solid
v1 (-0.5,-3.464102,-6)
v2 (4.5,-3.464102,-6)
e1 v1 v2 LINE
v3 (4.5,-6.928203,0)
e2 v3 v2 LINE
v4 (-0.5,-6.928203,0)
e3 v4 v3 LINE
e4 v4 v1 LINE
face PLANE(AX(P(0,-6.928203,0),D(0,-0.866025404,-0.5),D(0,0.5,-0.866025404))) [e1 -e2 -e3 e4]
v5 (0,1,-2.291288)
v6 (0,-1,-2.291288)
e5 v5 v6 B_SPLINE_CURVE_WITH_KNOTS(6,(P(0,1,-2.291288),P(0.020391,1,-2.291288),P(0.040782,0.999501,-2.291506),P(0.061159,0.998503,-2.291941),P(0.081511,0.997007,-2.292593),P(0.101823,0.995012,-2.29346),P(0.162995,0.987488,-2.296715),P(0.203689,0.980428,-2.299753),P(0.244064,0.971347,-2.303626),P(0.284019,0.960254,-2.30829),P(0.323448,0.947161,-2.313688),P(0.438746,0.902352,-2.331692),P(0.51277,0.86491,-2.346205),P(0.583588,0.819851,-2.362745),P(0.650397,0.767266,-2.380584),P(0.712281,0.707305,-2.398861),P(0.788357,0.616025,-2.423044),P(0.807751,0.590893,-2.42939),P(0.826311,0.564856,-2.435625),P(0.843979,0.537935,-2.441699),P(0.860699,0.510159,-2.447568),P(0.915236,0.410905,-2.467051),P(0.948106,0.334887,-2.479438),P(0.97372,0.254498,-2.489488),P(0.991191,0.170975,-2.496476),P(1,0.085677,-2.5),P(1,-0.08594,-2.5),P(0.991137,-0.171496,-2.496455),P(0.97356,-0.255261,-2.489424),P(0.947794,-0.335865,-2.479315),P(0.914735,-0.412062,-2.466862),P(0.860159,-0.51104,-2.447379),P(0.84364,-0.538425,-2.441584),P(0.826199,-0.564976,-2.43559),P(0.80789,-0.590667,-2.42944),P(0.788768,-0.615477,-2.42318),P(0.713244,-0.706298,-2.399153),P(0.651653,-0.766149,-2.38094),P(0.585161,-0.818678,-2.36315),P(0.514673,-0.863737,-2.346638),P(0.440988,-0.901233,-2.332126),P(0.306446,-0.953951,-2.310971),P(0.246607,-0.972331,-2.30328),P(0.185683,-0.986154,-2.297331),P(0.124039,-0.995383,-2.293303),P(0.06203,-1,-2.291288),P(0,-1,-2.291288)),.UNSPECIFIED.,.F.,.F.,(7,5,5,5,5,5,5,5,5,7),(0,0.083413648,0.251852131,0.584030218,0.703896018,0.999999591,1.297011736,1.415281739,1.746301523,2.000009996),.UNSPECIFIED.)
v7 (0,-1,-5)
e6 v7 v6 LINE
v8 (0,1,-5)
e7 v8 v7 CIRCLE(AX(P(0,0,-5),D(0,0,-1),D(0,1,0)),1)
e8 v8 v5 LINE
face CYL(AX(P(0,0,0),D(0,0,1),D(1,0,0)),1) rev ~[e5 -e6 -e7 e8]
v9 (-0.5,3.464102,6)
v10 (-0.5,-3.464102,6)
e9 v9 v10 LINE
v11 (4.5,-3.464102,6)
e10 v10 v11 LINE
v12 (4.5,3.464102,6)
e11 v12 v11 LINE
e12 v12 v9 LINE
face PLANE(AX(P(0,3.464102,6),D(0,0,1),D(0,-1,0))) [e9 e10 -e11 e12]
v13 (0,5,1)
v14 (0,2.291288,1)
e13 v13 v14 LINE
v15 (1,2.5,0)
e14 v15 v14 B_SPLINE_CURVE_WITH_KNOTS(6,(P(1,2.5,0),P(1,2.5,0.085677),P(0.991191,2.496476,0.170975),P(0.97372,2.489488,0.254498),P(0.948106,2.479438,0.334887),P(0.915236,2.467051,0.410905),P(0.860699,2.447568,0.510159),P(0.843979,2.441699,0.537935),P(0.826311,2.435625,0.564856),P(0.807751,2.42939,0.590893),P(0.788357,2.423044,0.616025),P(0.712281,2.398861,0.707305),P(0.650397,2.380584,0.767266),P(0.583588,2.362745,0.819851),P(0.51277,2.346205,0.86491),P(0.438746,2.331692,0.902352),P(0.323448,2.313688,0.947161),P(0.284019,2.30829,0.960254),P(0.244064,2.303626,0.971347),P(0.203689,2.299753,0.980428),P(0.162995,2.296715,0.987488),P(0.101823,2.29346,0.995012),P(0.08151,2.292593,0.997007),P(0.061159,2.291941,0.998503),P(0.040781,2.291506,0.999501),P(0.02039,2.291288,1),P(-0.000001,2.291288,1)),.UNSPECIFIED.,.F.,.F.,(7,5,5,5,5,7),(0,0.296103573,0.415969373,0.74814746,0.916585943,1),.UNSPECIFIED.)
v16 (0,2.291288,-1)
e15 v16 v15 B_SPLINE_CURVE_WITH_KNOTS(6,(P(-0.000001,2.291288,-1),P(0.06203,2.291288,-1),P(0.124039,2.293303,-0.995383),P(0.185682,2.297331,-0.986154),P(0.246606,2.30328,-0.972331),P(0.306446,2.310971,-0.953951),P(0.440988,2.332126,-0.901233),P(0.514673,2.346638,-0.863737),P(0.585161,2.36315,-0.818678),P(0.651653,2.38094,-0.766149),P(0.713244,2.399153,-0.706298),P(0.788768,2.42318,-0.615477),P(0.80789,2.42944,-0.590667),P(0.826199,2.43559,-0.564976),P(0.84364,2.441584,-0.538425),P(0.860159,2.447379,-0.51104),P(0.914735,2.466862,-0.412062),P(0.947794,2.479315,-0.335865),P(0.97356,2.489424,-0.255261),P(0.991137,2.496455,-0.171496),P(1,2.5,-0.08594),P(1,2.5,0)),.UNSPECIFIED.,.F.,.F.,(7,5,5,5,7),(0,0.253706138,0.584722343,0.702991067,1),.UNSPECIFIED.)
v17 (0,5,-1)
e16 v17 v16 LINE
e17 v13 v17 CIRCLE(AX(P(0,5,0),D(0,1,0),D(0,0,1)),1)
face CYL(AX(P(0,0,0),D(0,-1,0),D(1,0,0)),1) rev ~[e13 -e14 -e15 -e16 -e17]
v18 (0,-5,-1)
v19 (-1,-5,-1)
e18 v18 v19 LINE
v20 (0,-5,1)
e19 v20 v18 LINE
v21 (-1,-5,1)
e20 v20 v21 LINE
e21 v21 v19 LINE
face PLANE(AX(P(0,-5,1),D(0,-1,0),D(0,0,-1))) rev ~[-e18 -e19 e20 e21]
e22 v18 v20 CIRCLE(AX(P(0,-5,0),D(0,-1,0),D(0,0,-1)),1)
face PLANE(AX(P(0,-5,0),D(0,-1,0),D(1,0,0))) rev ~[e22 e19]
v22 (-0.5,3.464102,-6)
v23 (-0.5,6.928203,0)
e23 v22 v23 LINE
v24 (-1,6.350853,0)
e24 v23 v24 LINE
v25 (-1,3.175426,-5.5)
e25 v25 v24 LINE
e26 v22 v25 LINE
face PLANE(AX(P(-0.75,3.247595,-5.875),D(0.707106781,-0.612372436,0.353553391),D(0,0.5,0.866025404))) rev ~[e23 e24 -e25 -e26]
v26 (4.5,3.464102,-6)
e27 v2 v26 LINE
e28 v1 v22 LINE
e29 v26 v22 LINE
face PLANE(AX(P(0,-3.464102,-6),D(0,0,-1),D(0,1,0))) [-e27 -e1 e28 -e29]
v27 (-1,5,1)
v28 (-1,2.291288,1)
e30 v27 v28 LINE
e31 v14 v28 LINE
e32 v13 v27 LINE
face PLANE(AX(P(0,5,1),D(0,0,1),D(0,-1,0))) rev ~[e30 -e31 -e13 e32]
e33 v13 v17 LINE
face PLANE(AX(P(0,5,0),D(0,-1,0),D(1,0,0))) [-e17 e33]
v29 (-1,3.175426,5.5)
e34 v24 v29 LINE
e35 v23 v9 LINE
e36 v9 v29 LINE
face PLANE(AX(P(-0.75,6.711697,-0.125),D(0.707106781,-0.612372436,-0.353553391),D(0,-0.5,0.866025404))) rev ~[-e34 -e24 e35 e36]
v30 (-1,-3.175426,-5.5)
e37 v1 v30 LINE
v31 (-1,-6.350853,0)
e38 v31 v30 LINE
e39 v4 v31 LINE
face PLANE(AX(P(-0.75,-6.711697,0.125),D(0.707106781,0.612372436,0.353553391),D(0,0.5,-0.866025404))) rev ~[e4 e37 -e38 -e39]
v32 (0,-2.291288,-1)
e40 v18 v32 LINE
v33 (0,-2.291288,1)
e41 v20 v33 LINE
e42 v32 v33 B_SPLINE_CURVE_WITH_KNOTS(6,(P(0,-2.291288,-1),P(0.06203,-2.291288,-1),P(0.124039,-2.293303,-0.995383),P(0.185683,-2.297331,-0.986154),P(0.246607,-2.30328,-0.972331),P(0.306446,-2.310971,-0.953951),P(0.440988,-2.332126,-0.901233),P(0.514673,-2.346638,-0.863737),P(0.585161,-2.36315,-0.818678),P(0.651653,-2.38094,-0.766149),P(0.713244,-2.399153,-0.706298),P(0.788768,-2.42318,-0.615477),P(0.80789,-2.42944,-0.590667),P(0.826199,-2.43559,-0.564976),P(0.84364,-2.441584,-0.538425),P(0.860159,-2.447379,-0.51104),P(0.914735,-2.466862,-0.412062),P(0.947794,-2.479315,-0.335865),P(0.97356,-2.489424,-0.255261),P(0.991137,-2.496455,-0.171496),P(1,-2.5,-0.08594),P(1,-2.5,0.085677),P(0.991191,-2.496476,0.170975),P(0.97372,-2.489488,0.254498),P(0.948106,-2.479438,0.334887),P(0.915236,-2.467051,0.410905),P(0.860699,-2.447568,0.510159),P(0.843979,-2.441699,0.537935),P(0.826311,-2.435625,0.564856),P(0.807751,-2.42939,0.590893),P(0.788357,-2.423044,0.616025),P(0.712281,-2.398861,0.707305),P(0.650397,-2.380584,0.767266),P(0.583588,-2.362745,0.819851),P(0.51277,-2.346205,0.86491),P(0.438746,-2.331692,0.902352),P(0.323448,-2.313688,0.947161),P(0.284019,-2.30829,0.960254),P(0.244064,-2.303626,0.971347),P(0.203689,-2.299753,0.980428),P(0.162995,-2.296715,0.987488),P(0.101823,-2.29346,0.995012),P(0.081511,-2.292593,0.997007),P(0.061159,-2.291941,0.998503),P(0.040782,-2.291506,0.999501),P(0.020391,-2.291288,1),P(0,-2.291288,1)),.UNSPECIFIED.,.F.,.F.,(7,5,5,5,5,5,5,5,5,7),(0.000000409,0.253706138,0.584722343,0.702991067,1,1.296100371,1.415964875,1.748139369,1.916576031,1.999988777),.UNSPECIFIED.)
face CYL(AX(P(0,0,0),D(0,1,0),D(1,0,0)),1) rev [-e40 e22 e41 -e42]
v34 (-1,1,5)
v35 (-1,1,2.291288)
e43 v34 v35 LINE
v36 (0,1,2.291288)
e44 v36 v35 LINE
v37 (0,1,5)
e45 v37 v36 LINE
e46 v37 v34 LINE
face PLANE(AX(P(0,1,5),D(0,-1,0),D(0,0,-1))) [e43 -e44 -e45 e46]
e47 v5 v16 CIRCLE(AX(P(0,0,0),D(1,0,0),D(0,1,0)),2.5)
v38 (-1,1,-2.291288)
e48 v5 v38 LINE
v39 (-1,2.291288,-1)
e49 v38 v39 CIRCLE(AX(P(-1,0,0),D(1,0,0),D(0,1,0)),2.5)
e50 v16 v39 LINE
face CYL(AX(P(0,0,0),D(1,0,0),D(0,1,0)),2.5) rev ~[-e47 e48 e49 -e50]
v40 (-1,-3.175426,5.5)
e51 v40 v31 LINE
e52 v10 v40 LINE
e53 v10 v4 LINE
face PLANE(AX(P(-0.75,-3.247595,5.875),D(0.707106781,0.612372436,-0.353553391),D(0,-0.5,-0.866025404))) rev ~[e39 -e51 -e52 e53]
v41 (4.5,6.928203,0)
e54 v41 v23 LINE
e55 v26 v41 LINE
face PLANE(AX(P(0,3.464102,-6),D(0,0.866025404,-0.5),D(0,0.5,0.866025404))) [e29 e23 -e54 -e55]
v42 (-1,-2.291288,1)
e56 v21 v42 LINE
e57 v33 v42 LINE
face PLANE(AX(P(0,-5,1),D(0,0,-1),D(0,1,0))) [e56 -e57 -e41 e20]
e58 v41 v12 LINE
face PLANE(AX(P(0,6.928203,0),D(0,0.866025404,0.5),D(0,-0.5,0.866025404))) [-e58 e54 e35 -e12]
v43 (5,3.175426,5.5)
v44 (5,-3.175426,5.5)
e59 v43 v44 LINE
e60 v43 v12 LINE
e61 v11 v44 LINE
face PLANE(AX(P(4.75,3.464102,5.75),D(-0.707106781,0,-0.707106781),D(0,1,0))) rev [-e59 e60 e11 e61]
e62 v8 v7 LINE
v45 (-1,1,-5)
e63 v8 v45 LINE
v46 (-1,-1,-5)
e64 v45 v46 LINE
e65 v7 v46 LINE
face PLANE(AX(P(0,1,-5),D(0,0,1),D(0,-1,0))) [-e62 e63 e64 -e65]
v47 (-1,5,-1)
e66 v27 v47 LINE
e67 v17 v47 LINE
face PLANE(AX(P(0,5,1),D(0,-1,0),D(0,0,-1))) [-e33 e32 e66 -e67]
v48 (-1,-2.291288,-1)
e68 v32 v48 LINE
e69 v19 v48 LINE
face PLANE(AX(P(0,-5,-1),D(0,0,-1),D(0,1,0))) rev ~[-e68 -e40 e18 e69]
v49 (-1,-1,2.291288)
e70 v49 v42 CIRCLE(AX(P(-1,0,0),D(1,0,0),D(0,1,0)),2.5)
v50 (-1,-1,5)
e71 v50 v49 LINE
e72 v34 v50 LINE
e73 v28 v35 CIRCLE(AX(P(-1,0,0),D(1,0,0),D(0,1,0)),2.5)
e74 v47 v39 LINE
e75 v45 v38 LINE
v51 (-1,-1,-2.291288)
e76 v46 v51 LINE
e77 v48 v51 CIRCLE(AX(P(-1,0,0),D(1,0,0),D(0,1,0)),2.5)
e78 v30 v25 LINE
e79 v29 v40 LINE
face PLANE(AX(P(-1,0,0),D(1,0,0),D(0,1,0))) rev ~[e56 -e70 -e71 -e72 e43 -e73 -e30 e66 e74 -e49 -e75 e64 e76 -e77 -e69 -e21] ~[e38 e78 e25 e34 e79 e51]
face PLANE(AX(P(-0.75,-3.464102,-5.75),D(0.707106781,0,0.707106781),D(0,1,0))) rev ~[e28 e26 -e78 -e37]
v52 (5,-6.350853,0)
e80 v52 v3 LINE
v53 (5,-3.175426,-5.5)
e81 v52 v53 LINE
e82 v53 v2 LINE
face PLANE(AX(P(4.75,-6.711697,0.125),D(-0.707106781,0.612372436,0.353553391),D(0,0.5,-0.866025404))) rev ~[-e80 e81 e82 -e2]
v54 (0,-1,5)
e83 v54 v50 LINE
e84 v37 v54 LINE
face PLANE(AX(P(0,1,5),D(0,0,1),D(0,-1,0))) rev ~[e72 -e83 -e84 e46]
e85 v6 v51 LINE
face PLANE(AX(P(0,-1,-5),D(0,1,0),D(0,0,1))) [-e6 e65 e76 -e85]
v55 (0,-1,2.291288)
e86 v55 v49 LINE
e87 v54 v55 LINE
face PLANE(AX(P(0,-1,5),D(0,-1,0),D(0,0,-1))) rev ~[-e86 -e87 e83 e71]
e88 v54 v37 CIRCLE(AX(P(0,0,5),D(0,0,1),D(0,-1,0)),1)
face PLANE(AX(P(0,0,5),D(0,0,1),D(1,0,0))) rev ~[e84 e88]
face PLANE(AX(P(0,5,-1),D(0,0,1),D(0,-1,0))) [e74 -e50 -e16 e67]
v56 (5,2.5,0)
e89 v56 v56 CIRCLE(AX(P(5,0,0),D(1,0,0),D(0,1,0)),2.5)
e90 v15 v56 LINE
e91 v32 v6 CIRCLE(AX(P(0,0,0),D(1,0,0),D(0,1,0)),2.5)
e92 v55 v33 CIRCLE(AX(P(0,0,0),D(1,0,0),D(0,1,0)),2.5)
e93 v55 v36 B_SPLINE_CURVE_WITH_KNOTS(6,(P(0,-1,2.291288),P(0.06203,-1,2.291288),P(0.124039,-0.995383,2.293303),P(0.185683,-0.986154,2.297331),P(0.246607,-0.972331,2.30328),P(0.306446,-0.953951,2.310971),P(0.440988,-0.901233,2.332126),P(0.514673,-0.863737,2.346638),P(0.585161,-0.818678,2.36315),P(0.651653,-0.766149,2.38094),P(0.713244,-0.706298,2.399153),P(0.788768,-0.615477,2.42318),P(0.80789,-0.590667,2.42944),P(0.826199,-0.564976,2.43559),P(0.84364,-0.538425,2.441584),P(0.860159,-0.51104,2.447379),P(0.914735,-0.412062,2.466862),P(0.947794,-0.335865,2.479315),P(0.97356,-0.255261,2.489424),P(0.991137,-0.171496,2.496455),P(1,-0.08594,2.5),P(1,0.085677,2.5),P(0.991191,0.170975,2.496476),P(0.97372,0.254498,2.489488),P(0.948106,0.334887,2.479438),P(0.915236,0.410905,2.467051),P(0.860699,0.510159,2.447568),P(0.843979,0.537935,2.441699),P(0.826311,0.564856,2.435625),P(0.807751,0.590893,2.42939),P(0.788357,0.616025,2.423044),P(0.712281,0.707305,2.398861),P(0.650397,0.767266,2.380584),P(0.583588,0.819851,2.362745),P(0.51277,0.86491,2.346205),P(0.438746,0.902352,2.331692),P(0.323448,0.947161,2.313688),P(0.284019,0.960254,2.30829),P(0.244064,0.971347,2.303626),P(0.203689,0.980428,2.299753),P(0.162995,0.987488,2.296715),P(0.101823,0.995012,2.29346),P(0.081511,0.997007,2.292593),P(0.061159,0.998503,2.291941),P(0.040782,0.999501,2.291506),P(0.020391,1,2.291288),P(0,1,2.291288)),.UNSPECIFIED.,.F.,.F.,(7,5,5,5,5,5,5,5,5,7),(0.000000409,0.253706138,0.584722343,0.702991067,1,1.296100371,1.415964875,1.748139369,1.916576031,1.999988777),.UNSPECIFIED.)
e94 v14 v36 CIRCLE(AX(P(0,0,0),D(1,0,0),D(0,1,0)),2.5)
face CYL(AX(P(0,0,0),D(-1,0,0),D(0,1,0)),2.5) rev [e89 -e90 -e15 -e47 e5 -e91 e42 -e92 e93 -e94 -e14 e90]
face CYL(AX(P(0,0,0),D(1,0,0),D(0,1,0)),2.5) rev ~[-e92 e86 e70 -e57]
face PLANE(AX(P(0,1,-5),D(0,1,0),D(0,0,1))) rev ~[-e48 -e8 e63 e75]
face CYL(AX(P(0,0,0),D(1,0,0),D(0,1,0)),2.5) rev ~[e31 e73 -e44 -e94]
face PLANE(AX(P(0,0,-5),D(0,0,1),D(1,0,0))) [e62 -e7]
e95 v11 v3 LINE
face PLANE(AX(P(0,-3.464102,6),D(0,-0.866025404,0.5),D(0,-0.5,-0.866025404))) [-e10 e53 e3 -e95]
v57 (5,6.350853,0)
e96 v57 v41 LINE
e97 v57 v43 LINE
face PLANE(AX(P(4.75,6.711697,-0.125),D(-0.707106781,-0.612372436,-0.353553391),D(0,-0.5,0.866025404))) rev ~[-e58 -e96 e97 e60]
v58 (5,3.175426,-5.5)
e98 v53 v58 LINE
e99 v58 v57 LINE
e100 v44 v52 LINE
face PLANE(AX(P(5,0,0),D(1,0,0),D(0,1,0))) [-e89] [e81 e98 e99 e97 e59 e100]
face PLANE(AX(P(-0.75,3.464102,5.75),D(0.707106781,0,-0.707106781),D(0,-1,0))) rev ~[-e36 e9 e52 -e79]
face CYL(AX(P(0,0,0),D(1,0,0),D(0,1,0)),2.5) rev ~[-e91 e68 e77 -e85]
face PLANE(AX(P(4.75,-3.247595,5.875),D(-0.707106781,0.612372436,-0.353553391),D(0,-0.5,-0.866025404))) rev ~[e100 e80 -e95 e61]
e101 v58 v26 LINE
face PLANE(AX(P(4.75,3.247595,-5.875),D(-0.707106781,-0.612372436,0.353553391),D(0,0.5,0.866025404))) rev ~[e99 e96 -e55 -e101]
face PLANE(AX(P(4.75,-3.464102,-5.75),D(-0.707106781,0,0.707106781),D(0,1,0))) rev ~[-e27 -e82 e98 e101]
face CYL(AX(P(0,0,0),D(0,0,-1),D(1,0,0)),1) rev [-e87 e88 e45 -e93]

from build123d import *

# Parameters (mm, degrees)
F0_R     = 2.5
F3_DEPTH = 5
F1_R     = 1
F4_DEPTH = 5
F5_DEPTH = 5
F2_R     = 1
F6_DEPTH = 5
F7_DEPTH = 5
F8_SIZE  = 0.5
F9_DEPTH = 1
F10_SIZE = 0.5


with BuildPart() as f3:
    # F0 (on Right) → F3 (new body)
    with BuildSketch(Plane.YZ):
        Polygon((3.4641016151, 6), (-3.4641016151, 6), (-6.9282032303, 0), (-3.4641016151, -6), (3.4641016151, -6), (6.9282032303, 0), align=None)
        Circle(F0_R, mode=Mode.SUBTRACT)
    extrude(amount=F3_DEPTH)

    # F1 (on Front) → F4 (cut)
    with BuildSketch(Plane.XZ):
        Circle(F1_R)
    extrude(amount=-F4_DEPTH, mode=Mode.SUBTRACT)

    # F1 (on Front) → F5 (cut)
    with BuildSketch(Plane.XZ):
        Circle(F1_R)
    extrude(amount=F5_DEPTH, mode=Mode.SUBTRACT)

    # F2 (on Top) → F6 (cut)
    with BuildSketch(Plane.XY):
        Circle(F2_R)
    extrude(amount=-F6_DEPTH, mode=Mode.SUBTRACT)

    # F2 (on Top) → F7 (cut)
    with BuildSketch(Plane.XY):
        Circle(F2_R)
    extrude(amount=F7_DEPTH, mode=Mode.SUBTRACT)

    # F8
    f8_edges = [f3.edges().sort_by_distance(p)[0] for p in [
        (5, 0, -6),
        (5, 5.196152, -3),
        (5, 5.196152, 3),
        (5, 0, 6),
        (5, -5.196152, 3),
        (5, -5.196152, -3),
    ]]
    chamfer(f8_edges, length=F8_SIZE)

    # F9 (add): a face of the model
    f9_faces = [f3.faces().sort_by_distance(p)[0] for p in [
        (0, 5.037407344, 2.9083484861),
    ]]
    extrude(f9_faces, amount=F9_DEPTH)

    # F10
    f10_edges = [f3.edges().sort_by_distance(p)[0] for p in [
        (-1, -5.196152, -3),
        (-1, 5.196152, -3),
        (-1, 0, -6),
        (-1, 0, 6),
        (-1, 5.196152, 3),
        (-1, -5.196152, 3),
    ]]
    chamfer(f10_edges, length=F10_SIZE)


solid = f3.part
